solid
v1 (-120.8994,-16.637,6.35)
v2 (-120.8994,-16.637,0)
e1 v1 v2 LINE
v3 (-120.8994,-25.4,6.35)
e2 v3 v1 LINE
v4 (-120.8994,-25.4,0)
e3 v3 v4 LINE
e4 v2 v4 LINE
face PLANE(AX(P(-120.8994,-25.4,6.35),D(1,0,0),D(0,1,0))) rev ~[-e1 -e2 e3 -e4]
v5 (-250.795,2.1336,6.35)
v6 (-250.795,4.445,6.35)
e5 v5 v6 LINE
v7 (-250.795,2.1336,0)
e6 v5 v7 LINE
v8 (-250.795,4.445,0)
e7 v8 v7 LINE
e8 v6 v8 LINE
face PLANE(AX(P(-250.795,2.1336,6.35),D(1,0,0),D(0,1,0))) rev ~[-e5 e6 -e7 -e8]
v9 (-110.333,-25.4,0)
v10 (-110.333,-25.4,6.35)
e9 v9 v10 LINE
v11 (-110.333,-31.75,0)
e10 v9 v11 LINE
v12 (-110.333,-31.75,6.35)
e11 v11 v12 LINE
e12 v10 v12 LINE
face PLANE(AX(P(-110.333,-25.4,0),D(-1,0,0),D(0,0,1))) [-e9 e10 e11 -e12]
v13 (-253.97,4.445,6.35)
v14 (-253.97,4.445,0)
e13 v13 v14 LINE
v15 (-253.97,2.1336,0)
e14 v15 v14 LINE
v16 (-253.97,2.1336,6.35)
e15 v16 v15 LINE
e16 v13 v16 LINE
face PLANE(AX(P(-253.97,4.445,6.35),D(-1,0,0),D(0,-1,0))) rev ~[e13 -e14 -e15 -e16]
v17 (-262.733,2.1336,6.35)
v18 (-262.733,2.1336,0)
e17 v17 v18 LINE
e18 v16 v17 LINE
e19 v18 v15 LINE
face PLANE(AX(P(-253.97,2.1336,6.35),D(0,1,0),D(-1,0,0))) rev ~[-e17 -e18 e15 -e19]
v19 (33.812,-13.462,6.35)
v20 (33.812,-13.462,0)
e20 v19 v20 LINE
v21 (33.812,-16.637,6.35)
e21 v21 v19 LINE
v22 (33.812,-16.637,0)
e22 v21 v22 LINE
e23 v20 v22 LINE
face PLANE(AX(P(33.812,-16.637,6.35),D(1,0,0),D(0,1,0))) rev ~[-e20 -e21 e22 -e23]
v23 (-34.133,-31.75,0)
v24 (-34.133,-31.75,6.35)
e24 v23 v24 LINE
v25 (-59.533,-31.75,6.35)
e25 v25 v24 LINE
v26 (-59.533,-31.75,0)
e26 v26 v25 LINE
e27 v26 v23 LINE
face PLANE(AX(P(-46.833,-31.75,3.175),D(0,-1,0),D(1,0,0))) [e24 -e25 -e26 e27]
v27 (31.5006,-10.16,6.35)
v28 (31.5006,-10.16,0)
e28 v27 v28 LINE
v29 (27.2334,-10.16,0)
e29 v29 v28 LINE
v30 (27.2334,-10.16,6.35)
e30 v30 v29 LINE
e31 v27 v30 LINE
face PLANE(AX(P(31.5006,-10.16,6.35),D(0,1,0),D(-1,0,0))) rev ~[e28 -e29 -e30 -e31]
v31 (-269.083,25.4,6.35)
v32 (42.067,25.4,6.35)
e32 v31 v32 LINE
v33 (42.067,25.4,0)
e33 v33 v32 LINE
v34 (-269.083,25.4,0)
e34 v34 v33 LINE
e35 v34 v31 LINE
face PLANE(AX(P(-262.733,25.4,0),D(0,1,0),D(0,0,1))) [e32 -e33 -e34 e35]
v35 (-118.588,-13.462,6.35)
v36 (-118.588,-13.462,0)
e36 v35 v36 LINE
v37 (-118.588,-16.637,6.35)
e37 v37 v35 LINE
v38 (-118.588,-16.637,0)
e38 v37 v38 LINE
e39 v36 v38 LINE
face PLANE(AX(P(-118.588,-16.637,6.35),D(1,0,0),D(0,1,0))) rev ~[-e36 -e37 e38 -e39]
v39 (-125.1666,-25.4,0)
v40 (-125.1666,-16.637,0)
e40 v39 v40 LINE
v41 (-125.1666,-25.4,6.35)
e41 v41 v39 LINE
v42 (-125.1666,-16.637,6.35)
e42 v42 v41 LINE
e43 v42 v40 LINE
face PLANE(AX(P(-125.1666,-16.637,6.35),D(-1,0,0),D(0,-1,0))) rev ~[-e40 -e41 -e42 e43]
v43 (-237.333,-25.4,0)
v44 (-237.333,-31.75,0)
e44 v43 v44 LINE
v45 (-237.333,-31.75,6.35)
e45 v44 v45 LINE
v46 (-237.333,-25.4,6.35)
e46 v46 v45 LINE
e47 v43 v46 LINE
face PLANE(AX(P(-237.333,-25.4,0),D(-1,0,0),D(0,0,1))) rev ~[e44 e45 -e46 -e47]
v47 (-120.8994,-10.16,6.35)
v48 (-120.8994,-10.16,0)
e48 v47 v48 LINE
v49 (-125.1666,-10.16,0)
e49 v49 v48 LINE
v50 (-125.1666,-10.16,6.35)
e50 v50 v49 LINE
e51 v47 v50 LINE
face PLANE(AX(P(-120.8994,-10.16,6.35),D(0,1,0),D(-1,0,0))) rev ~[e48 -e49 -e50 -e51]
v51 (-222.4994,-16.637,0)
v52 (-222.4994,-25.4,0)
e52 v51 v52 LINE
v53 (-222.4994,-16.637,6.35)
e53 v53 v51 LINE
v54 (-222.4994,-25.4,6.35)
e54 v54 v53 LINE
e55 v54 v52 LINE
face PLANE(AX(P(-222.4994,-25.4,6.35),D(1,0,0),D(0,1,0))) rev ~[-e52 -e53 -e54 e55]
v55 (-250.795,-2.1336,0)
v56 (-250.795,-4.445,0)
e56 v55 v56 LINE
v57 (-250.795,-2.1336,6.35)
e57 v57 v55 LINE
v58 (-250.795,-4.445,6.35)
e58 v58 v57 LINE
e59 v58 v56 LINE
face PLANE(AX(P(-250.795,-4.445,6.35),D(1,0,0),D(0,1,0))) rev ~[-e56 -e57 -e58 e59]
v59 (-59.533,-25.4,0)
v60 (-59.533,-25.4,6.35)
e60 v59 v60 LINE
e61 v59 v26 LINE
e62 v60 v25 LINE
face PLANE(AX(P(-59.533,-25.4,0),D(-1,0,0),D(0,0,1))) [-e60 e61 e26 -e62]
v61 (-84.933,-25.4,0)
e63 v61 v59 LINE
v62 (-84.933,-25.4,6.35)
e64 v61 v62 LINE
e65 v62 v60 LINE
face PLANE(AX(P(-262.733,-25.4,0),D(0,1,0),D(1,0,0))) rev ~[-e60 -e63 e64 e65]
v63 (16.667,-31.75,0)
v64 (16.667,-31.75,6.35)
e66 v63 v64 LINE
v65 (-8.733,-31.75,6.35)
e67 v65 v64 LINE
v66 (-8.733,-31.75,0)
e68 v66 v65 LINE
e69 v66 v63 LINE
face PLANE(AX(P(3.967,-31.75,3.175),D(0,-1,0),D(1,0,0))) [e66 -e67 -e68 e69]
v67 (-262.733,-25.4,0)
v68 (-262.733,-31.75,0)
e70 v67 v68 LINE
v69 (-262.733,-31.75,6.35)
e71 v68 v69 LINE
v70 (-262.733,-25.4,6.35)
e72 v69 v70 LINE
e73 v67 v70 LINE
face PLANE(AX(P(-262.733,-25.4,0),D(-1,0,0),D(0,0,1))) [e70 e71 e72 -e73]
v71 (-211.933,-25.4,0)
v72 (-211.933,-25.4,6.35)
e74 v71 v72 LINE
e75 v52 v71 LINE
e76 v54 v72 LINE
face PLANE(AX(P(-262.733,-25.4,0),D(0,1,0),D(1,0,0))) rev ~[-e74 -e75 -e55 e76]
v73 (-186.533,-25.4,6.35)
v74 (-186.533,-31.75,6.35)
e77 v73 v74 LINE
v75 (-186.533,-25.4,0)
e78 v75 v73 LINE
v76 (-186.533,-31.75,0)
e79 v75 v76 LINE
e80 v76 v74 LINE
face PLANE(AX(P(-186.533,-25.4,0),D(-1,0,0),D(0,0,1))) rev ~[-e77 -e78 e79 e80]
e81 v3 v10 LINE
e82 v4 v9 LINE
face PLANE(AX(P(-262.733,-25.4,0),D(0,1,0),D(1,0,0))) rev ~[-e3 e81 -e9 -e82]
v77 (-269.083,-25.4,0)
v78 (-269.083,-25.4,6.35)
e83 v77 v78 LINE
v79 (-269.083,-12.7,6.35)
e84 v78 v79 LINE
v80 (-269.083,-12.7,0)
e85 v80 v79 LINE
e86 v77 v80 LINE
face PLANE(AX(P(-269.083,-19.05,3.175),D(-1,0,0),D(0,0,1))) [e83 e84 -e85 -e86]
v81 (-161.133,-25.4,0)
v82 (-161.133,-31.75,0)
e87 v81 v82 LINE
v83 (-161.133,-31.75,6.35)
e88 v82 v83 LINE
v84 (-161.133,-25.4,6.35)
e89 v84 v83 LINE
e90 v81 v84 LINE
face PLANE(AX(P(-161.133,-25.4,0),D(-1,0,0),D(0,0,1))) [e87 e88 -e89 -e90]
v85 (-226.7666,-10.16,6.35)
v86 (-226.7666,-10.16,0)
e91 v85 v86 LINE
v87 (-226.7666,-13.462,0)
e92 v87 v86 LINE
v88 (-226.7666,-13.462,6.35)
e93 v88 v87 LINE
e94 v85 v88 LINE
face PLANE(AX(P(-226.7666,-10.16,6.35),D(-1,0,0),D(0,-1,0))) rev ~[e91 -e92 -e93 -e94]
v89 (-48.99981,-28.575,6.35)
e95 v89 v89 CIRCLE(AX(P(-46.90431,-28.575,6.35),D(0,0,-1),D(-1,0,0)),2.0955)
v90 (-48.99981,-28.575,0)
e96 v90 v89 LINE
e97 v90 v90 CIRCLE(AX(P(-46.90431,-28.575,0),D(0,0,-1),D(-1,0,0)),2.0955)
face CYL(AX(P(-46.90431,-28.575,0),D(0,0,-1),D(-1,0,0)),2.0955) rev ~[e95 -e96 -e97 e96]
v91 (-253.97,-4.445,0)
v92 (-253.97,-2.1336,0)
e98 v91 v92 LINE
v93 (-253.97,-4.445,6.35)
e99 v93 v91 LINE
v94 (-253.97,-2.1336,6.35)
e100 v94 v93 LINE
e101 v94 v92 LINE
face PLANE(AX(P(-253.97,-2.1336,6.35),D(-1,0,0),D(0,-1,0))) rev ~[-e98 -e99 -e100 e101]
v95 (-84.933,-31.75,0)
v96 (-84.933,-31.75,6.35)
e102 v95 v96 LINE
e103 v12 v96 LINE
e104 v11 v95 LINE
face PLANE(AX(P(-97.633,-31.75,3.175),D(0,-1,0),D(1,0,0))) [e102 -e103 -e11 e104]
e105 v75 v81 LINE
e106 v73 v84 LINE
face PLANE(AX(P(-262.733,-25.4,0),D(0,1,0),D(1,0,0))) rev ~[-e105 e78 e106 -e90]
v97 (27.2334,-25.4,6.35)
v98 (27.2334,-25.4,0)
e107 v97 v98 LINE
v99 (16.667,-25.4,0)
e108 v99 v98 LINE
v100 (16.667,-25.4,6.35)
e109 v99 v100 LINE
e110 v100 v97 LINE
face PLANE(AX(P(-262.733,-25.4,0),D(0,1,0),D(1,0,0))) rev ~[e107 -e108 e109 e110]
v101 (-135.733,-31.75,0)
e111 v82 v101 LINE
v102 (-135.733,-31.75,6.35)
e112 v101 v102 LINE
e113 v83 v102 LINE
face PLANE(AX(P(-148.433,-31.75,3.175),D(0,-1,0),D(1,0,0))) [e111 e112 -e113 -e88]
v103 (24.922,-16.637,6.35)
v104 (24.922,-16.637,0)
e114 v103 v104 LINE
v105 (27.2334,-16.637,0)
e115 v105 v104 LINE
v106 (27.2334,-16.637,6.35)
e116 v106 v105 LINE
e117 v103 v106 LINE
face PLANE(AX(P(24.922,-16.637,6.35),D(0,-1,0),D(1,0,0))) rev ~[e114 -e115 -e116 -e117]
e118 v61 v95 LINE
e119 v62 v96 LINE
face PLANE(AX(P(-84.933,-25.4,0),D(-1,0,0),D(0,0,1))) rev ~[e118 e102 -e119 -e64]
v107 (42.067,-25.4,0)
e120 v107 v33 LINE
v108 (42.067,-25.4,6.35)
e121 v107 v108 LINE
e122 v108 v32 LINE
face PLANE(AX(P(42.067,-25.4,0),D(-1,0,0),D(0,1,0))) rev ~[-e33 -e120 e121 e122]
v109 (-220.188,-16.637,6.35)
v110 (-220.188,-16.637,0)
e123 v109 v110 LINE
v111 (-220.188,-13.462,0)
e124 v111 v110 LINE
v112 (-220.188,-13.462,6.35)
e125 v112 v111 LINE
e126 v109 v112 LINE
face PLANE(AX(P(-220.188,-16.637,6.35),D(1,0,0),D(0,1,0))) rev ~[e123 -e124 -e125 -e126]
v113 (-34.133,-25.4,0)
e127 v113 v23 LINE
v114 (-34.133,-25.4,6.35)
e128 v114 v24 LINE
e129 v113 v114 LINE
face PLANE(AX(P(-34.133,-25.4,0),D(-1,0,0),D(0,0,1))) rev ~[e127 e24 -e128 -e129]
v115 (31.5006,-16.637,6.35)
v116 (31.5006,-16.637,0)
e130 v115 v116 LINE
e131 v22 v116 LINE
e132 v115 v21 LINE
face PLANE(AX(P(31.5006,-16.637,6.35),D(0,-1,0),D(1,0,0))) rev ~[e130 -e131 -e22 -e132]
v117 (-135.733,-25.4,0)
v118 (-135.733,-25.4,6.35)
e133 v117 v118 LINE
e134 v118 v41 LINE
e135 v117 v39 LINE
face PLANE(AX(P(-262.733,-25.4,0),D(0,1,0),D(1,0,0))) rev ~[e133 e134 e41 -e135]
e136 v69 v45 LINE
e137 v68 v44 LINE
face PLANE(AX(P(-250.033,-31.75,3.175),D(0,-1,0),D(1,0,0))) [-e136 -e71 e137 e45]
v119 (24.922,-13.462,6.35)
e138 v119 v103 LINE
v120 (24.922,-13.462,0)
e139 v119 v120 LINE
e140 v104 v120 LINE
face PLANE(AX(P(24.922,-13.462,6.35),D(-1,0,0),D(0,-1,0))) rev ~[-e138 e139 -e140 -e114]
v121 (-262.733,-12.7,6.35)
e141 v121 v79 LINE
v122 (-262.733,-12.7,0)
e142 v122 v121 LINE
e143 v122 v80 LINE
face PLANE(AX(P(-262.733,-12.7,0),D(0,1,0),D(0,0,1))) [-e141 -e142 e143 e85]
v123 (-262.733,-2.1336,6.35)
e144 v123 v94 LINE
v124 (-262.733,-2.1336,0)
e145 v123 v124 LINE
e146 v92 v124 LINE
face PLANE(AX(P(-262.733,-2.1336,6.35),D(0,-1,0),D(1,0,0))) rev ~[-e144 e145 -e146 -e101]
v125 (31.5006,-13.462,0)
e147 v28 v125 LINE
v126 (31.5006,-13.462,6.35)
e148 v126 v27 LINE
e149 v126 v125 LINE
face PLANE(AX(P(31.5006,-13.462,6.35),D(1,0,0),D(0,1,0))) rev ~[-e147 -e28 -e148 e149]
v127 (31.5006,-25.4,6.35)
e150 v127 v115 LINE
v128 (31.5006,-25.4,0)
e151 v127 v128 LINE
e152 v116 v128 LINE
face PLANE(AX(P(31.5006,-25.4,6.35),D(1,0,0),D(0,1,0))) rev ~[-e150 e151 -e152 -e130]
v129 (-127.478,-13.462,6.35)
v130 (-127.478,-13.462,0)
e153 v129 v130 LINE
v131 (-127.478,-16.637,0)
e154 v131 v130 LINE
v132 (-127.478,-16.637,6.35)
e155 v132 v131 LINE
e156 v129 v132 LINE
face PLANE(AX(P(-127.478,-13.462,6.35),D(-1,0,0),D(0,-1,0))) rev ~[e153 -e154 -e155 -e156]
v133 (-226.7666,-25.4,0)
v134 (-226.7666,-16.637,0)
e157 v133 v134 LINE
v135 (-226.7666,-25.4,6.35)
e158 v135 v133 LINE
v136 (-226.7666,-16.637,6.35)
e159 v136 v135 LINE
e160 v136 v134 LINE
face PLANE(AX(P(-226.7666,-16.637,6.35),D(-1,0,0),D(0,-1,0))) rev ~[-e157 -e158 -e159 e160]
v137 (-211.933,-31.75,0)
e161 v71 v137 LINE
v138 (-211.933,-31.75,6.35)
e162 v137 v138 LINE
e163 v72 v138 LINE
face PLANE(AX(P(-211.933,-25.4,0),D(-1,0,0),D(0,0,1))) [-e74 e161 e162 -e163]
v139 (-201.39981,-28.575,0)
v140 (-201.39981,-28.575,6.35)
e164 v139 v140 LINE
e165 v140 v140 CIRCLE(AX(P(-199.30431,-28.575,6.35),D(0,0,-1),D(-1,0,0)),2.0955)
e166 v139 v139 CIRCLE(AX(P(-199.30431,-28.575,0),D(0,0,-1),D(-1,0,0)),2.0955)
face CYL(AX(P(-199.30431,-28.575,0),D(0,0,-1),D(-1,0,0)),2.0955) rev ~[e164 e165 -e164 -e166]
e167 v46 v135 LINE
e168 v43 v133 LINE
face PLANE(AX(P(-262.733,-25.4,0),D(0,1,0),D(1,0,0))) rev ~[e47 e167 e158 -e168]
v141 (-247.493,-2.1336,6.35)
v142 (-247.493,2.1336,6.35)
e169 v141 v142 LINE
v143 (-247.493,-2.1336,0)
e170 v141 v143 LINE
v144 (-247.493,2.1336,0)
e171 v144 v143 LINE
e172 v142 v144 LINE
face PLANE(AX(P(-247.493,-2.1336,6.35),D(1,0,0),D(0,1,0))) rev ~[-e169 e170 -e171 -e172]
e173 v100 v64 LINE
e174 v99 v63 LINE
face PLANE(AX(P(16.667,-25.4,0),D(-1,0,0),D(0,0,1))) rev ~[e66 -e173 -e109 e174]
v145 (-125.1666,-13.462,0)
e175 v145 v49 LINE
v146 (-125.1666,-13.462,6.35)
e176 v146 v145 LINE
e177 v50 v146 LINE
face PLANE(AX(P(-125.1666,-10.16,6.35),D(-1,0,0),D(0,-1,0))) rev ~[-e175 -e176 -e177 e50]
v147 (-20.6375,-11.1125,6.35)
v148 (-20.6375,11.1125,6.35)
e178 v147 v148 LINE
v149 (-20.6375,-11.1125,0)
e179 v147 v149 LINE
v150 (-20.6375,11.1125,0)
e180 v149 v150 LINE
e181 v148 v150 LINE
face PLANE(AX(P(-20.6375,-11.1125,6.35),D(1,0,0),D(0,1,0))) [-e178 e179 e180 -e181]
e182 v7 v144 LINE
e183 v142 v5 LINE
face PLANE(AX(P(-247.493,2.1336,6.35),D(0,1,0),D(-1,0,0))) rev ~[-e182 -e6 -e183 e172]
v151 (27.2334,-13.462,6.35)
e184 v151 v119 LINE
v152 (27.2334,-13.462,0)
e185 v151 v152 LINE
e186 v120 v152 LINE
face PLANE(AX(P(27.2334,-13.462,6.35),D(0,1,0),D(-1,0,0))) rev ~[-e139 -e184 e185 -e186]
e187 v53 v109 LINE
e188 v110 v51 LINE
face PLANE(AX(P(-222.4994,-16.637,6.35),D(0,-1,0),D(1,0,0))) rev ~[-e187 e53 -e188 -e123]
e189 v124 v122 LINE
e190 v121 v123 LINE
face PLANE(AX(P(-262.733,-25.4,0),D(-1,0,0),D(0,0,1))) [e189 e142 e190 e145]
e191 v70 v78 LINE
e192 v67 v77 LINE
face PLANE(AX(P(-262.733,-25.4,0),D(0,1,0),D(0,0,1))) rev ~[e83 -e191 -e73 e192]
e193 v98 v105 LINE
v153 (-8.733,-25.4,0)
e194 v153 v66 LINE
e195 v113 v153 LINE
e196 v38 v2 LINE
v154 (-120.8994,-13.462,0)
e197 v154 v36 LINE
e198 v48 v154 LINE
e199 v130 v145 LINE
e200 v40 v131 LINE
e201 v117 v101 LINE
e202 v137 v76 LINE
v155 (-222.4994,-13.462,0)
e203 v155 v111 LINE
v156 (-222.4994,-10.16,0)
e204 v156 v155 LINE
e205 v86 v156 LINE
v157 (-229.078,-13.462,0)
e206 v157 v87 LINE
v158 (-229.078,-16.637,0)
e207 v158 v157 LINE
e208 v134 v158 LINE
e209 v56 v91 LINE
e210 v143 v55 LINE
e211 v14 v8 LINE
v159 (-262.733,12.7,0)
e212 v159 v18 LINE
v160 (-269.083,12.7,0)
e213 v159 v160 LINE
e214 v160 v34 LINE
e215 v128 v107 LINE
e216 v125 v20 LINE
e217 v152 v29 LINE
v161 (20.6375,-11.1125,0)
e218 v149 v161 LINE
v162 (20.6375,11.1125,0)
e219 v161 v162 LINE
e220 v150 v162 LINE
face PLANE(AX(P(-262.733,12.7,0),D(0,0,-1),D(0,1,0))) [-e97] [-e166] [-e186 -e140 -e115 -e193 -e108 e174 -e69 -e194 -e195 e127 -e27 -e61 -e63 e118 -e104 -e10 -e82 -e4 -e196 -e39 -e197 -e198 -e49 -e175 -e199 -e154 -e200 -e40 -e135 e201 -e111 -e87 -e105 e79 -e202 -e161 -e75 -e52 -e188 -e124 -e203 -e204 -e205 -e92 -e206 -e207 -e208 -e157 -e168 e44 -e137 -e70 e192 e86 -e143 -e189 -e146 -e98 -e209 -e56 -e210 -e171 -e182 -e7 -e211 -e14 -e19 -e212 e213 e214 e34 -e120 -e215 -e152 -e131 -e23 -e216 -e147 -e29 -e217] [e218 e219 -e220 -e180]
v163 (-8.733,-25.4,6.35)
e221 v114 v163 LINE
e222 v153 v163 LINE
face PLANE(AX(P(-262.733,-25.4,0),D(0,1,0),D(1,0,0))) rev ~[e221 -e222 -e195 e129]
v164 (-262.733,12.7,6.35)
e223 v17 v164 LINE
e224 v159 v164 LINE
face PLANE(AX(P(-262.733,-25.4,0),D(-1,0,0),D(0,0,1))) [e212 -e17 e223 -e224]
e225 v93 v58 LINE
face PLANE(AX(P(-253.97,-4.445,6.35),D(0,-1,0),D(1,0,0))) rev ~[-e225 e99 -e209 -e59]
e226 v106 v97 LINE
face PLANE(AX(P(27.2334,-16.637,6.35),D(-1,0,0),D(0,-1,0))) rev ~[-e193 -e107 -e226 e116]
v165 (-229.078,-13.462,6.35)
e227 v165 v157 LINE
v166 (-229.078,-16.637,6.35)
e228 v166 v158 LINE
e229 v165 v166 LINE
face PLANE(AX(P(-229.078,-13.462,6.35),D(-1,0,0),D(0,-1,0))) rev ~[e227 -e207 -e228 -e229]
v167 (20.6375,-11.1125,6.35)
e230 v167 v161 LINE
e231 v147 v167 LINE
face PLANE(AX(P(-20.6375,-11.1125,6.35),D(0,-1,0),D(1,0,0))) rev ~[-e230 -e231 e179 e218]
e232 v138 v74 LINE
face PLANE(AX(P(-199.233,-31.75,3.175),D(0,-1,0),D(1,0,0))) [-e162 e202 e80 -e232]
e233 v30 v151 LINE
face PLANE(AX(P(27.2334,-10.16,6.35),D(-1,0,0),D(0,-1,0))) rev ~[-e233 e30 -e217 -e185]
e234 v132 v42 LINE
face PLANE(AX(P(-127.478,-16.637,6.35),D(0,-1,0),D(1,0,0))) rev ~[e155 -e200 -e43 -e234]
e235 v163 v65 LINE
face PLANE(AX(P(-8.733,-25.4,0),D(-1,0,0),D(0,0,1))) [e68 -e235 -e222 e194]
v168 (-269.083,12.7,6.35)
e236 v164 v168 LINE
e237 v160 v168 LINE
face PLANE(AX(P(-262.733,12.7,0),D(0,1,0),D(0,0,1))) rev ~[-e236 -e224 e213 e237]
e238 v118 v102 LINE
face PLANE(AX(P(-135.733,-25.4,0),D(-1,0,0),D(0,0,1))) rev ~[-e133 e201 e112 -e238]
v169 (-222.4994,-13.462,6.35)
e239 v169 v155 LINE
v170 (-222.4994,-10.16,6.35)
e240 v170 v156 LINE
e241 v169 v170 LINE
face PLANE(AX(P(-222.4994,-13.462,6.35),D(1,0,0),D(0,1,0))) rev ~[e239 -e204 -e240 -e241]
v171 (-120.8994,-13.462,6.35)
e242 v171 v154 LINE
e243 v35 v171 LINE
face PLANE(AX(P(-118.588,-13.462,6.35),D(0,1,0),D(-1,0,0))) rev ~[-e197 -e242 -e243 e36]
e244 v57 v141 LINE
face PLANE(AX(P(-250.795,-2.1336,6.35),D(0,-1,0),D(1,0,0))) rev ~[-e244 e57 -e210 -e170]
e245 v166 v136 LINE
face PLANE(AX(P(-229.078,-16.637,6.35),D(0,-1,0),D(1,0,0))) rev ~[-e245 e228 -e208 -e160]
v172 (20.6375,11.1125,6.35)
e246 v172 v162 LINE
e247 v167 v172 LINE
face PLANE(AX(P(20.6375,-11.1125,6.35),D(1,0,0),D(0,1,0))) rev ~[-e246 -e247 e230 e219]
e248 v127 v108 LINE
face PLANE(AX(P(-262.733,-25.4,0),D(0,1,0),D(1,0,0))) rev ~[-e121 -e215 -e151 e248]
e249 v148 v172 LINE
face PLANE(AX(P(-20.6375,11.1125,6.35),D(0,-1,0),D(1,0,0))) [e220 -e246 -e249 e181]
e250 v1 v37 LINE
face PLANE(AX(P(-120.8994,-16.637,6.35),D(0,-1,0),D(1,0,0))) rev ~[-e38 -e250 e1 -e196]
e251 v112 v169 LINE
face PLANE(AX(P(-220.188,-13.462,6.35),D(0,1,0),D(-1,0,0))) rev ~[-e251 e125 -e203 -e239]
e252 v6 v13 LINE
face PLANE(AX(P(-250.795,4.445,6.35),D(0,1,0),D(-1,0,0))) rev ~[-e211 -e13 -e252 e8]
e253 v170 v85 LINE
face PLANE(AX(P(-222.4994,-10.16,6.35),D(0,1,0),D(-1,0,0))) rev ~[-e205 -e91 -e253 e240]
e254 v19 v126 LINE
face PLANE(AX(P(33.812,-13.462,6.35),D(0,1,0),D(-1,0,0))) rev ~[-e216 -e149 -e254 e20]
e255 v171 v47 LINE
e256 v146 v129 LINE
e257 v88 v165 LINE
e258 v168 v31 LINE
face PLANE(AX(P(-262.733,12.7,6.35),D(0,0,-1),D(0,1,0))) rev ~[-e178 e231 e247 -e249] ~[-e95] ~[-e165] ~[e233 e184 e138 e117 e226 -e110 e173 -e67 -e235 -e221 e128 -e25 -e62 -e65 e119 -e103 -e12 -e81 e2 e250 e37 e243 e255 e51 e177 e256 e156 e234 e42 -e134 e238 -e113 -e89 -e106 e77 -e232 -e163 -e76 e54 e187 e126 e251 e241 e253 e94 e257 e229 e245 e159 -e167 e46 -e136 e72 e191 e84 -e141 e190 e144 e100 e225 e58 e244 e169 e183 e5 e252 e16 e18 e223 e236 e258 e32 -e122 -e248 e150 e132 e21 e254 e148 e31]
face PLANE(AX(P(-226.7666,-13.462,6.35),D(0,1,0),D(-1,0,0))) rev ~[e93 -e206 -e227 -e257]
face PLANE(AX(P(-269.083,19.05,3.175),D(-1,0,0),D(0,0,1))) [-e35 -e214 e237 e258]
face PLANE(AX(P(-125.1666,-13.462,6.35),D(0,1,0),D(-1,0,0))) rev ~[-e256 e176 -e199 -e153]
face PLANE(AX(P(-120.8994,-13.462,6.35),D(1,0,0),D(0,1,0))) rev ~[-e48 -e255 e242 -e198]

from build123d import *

# Parameters (mm, degrees)
SKETCH1_W           = 304.8
SKETCH1_H           = 50.8
BOSS_EXTRUDE1_DEPTH = 6.35
SKETCH2_W           = 41.275
SKETCH2_H           = 22.225
CUT_EXTRUDE1_DEPTH  = 265.034300402
SKETCH5_W           = 25.4
SKETCH5_H           = 6.35
BOSS_EXTRUDE2_DEPTH = 6.35
LPATTERN1_COUNT     = 6
LPATTERN1_PITCH     = 50.8
SKETCH6_W           = 6.35
SKETCH6_H           = 12.7
BOSS_EXTRUDE3_DEPTH = 6.35
LPATTERN2_COUNT     = 2
LPATTERN2_PITCH     = 38.1
CUT_EXTRUDE2_DEPTH  = 272.024068837
CUT_EXTRUDE3_DEPTH  = 272.024068837
SKETCH9_R           = 2.0955
CUT_EXTRUDE4_DEPTH  = 272.024068837


with BuildPart() as part:
    # Sketch1 → Boss-Extrude1 (new body)
    with BuildSketch(Plane.XY):
        with Locations((-110.333, 0)):
            Rectangle(SKETCH1_W, SKETCH1_H)
    extrude(amount=BOSS_EXTRUDE1_DEPTH)

    # Sketch2 → Cut-Extrude1 (cut, through all)
    with BuildSketch(Plane.XY.offset(6.35)):
        Rectangle(SKETCH2_W, SKETCH2_H)
    extrude(amount=-CUT_EXTRUDE1_DEPTH, mode=Mode.SUBTRACT)

    # Sketch5 → Boss-Extrude2 (add)
    with BuildSketch(Plane.XZ.offset(25.4)):
        with Locations((3.967, 3.175)):
            Rectangle(SKETCH5_W, SKETCH5_H)
    boss_extrude2 = extrude(amount=BOSS_EXTRUDE2_DEPTH)

    # LPattern1: Boss-Extrude2 ×6
    with Locations(*[(-i * LPATTERN1_PITCH, 0, 0) for i in range(1, LPATTERN1_COUNT)]):
        add(boss_extrude2)

    # Sketch6 → Boss-Extrude3 (add)
    with BuildSketch(Plane.ZY.offset(262.733)):
        with Locations((3.175, 19.05)):
            Rectangle(SKETCH6_W, SKETCH6_H)
    boss_extrude3 = extrude(amount=BOSS_EXTRUDE3_DEPTH)

    # LPattern2: Boss-Extrude3 ×2
    with Locations(*[(0, -i * LPATTERN2_PITCH, 0) for i in range(1, LPATTERN2_COUNT)]):
        add(boss_extrude3)

    # Sketch7 → Cut-Extrude2 (cut, through all)
    with BuildSketch(Plane.XY.offset(6.35)):
        Polygon((-262.733, 2.1336), (-262.733, -2.1336), (-253.97, -2.1336), (-253.97, -4.445), (-250.795, -4.445), (-250.795, -2.1336), (-247.493, -2.1336), (-247.493, 2.1336), (-250.795, 2.1336), (-250.795, 4.445), (-253.97, 4.445), (-253.97, 2.1336), align=None)
    extrude(amount=-CUT_EXTRUDE2_DEPTH, mode=Mode.SUBTRACT)

    # Sketch8 → Cut-Extrude3 (cut, through all)
    with BuildSketch(Plane.XY.offset(6.35)):
        Polygon((-226.7666, -25.4), (-222.4994, -25.4), (-222.4994, -16.637), (-220.188, -16.637), (-220.188, -13.462), (-222.4994, -13.462), (-222.4994, -10.16), (-226.7666, -10.16), (-226.7666, -13.462), (-229.078, -13.462), (-229.078, -16.637), (-226.7666, -16.637), align=None)
        Polygon((-125.1666, -25.4), (-120.8994, -25.4), (-120.8994, -16.637), (-118.588, -16.637), (-118.588, -13.462), (-120.8994, -13.462), (-120.8994, -10.16), (-125.1666, -10.16), (-125.1666, -13.462), (-127.478, -13.462), (-127.478, -16.637), (-125.1666, -16.637), align=None)
        Polygon((27.2334, -25.4), (31.5006, -25.4), (31.5006, -16.637), (33.812, -16.637), (33.812, -13.462), (31.5006, -13.462), (31.5006, -10.16), (27.2334, -10.16), (27.2334, -13.462), (24.922, -13.462), (24.922, -16.637), (27.2334, -16.637), align=None)
    extrude(amount=-CUT_EXTRUDE3_DEPTH, mode=Mode.SUBTRACT)

    # Sketch9 → Cut-Extrude4 (cut, through all)
    with BuildSketch(Plane(origin=(0, 0, 0), x_dir=(-1, 0, 0), z_dir=(0, 0, -1))):
        with Locations((46.904309807, -28.575)):
            Circle(SKETCH9_R)
        with Locations((199.304309807, -28.575)):
            Circle(SKETCH9_R)
    extrude(amount=-CUT_EXTRUDE4_DEPTH, mode=Mode.SUBTRACT)


solid = part.part
